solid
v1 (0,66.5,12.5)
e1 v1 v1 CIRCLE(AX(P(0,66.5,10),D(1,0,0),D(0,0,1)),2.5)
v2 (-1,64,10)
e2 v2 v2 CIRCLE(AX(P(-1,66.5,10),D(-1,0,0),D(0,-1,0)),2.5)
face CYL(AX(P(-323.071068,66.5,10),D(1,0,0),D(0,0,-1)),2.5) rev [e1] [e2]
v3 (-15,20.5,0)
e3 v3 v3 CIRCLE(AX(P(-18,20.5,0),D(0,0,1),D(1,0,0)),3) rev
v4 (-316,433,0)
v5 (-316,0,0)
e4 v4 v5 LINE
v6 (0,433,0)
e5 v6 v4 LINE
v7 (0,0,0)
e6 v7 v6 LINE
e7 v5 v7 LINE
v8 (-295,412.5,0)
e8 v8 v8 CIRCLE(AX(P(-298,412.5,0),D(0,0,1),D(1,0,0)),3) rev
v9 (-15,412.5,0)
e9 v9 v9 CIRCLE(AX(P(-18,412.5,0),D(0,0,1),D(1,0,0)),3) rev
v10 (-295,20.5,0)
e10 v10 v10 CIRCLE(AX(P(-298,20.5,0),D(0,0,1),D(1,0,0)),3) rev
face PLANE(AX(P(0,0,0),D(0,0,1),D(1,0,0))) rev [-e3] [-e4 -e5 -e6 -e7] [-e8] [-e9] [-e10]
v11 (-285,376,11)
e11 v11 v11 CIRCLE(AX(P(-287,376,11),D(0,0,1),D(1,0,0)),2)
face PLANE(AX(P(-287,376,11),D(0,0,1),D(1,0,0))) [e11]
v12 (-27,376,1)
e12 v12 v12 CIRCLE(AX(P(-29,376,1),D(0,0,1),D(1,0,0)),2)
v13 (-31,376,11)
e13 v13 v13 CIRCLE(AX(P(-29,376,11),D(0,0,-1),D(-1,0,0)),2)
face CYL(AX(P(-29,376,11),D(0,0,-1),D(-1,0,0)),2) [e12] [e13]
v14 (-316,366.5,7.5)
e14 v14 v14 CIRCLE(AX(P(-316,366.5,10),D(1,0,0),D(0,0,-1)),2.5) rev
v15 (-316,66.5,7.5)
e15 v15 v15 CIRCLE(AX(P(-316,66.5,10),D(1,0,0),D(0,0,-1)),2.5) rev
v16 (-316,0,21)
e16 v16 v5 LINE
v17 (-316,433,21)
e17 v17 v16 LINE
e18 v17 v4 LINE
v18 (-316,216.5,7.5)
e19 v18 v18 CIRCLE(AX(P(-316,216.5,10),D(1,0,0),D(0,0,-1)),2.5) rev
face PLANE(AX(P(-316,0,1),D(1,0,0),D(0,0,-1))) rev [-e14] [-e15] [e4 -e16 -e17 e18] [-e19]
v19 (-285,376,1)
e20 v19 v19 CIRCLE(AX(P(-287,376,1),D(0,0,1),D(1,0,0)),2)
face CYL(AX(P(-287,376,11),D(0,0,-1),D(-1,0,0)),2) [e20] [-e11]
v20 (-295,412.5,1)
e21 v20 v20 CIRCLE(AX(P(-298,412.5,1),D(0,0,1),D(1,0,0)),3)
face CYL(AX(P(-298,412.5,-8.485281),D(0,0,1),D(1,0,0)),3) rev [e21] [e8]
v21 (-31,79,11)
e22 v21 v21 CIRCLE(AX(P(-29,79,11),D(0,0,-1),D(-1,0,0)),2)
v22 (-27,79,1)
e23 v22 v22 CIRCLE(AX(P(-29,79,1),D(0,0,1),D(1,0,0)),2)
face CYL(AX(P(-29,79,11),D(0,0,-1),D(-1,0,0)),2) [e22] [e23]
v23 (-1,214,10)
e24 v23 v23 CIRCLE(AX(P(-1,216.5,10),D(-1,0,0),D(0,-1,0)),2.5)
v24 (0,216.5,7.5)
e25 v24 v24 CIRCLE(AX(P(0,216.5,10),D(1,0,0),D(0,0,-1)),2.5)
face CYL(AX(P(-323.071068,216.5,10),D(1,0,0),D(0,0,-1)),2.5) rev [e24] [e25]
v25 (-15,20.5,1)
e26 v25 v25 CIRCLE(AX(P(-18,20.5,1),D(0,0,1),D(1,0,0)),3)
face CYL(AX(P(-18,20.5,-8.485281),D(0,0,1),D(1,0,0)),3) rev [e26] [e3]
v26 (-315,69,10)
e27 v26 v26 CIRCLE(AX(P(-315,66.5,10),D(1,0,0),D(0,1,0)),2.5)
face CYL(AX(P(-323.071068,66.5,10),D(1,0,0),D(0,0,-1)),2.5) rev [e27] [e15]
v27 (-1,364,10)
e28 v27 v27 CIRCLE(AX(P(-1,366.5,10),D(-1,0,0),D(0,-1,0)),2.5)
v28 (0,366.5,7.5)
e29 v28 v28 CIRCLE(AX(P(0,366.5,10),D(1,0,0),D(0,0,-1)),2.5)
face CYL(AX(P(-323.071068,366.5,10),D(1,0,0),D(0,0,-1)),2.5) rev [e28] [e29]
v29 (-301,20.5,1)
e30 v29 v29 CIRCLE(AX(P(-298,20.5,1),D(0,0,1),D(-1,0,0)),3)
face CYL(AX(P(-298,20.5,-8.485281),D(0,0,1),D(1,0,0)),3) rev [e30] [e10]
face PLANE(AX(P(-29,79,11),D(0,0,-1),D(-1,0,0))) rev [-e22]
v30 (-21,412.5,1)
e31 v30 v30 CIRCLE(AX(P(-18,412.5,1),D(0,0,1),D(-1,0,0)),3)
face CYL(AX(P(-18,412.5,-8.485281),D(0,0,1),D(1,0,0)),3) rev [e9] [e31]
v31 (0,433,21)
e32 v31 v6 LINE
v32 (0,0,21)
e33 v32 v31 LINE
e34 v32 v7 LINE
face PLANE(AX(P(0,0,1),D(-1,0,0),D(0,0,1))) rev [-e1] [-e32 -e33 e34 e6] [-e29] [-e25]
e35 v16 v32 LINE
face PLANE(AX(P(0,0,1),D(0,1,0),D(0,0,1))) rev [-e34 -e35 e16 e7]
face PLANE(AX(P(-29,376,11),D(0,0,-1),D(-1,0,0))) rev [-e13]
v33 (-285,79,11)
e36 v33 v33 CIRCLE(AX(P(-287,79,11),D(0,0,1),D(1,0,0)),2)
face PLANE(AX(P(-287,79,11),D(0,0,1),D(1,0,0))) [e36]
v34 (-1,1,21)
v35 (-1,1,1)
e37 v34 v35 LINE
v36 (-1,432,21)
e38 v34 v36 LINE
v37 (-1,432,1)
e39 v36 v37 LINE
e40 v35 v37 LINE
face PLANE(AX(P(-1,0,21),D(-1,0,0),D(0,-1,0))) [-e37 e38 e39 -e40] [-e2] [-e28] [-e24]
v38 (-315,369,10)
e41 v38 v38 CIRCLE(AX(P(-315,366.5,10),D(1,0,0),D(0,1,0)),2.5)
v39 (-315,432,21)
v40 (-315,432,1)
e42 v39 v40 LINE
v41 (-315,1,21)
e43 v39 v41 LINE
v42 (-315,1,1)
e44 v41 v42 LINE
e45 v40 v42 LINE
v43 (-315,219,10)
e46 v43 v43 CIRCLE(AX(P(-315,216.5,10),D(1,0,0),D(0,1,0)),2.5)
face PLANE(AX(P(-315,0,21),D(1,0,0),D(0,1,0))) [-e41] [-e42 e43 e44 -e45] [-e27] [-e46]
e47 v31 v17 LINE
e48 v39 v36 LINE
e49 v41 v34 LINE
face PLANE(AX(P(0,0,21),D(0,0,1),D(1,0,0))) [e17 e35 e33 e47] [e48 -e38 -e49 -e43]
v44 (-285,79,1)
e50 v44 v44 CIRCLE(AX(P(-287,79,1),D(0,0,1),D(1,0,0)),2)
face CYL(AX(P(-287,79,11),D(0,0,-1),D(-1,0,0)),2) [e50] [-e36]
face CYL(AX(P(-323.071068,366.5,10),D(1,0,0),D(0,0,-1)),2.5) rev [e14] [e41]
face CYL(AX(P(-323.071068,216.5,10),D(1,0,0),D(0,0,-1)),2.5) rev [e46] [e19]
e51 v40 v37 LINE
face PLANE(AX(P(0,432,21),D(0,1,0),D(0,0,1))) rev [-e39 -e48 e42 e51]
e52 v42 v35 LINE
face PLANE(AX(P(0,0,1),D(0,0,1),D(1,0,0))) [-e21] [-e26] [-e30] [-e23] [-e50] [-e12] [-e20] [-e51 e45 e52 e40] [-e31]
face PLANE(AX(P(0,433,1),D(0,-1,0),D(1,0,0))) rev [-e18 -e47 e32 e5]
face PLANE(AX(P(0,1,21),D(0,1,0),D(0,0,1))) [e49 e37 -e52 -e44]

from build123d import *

# Parameters (mm, degrees)
CROQUIS1_W              = 316
CROQUIS1_H              = 433
SALIENTE_EXTRUIR3_DEPTH = 1
CROQUIS2_W              = 314
CROQUIS2_H              = 431
SALIENTE_EXTRUIR4_DEPTH = 20
CROQUIS3_R              = 2
SALIENTE_EXTRUIR5_DEPTH = 10
CROQUIS4_R              = 2.5
CORTAR_EXTRUIR1_DEPTH   = 316
CROQUIS5_R              = 3
CORTAR_EXTRUIR2_DEPTH   = 1


with BuildPart() as part:
    # Croquis1 → Saliente-Extruir3 (new body)
    with BuildSketch(Plane.XY):
        with Locations((-158, 216.5)):
            Rectangle(CROQUIS1_W, CROQUIS1_H)
    extrude(amount=SALIENTE_EXTRUIR3_DEPTH)

    # Croquis2 → Saliente-Extruir4 (add)
    with BuildSketch(Plane.XY.offset(1)):
        Polygon((-315, 433), (-316, 433), (-316, 432), (-316, 1), (-316, 0), (-315, 0), (-1, 0), (0, 0), (0, 1), (0, 432), (0, 433), align=None)
        with Locations((-158, 216.5)):
            Rectangle(CROQUIS2_W, CROQUIS2_H, mode=Mode.SUBTRACT)
    extrude(amount=SALIENTE_EXTRUIR4_DEPTH)

    # Croquis3 → Saliente-Extruir5 (add)
    with BuildSketch(Plane.XY.offset(1)):
        with Locations((-287, 376)):
            Circle(CROQUIS3_R)
        with Locations((-29, 376)):
            Circle(CROQUIS3_R)
        with Locations((-287, 79)):
            Circle(CROQUIS3_R)
        with Locations((-29, 79)):
            Circle(CROQUIS3_R)
    extrude(amount=SALIENTE_EXTRUIR5_DEPTH)

    # Croquis4 → Cortar-Extruir1 (cut)
    with BuildSketch(Plane(origin=(0, 0, 0), x_dir=(0, 0, -1), z_dir=(1, 0, 0))):
        with Locations((-10, 366.5)):
            Circle(CROQUIS4_R)
        with Locations((-10, 66.5)):
            Circle(CROQUIS4_R)
        with Locations((-10, 216.5)):
            Circle(CROQUIS4_R)
    extrude(amount=-CORTAR_EXTRUIR1_DEPTH, mode=Mode.SUBTRACT)

    # Croquis5 → Cortar-Extruir2 (cut)
    with BuildSketch(Plane.XY.offset(1)):
        with Locations((-298, 412.5)):
            Circle(CROQUIS5_R)
        with Locations((-298, 20.5)):
            Circle(CROQUIS5_R)
        with Locations((-18, 412.5)):
            Circle(CROQUIS5_R)
        with Locations((-18, 20.5)):
            Circle(CROQUIS5_R)
    extrude(amount=-CORTAR_EXTRUIR2_DEPTH, mode=Mode.SUBTRACT)


solid = part.part
